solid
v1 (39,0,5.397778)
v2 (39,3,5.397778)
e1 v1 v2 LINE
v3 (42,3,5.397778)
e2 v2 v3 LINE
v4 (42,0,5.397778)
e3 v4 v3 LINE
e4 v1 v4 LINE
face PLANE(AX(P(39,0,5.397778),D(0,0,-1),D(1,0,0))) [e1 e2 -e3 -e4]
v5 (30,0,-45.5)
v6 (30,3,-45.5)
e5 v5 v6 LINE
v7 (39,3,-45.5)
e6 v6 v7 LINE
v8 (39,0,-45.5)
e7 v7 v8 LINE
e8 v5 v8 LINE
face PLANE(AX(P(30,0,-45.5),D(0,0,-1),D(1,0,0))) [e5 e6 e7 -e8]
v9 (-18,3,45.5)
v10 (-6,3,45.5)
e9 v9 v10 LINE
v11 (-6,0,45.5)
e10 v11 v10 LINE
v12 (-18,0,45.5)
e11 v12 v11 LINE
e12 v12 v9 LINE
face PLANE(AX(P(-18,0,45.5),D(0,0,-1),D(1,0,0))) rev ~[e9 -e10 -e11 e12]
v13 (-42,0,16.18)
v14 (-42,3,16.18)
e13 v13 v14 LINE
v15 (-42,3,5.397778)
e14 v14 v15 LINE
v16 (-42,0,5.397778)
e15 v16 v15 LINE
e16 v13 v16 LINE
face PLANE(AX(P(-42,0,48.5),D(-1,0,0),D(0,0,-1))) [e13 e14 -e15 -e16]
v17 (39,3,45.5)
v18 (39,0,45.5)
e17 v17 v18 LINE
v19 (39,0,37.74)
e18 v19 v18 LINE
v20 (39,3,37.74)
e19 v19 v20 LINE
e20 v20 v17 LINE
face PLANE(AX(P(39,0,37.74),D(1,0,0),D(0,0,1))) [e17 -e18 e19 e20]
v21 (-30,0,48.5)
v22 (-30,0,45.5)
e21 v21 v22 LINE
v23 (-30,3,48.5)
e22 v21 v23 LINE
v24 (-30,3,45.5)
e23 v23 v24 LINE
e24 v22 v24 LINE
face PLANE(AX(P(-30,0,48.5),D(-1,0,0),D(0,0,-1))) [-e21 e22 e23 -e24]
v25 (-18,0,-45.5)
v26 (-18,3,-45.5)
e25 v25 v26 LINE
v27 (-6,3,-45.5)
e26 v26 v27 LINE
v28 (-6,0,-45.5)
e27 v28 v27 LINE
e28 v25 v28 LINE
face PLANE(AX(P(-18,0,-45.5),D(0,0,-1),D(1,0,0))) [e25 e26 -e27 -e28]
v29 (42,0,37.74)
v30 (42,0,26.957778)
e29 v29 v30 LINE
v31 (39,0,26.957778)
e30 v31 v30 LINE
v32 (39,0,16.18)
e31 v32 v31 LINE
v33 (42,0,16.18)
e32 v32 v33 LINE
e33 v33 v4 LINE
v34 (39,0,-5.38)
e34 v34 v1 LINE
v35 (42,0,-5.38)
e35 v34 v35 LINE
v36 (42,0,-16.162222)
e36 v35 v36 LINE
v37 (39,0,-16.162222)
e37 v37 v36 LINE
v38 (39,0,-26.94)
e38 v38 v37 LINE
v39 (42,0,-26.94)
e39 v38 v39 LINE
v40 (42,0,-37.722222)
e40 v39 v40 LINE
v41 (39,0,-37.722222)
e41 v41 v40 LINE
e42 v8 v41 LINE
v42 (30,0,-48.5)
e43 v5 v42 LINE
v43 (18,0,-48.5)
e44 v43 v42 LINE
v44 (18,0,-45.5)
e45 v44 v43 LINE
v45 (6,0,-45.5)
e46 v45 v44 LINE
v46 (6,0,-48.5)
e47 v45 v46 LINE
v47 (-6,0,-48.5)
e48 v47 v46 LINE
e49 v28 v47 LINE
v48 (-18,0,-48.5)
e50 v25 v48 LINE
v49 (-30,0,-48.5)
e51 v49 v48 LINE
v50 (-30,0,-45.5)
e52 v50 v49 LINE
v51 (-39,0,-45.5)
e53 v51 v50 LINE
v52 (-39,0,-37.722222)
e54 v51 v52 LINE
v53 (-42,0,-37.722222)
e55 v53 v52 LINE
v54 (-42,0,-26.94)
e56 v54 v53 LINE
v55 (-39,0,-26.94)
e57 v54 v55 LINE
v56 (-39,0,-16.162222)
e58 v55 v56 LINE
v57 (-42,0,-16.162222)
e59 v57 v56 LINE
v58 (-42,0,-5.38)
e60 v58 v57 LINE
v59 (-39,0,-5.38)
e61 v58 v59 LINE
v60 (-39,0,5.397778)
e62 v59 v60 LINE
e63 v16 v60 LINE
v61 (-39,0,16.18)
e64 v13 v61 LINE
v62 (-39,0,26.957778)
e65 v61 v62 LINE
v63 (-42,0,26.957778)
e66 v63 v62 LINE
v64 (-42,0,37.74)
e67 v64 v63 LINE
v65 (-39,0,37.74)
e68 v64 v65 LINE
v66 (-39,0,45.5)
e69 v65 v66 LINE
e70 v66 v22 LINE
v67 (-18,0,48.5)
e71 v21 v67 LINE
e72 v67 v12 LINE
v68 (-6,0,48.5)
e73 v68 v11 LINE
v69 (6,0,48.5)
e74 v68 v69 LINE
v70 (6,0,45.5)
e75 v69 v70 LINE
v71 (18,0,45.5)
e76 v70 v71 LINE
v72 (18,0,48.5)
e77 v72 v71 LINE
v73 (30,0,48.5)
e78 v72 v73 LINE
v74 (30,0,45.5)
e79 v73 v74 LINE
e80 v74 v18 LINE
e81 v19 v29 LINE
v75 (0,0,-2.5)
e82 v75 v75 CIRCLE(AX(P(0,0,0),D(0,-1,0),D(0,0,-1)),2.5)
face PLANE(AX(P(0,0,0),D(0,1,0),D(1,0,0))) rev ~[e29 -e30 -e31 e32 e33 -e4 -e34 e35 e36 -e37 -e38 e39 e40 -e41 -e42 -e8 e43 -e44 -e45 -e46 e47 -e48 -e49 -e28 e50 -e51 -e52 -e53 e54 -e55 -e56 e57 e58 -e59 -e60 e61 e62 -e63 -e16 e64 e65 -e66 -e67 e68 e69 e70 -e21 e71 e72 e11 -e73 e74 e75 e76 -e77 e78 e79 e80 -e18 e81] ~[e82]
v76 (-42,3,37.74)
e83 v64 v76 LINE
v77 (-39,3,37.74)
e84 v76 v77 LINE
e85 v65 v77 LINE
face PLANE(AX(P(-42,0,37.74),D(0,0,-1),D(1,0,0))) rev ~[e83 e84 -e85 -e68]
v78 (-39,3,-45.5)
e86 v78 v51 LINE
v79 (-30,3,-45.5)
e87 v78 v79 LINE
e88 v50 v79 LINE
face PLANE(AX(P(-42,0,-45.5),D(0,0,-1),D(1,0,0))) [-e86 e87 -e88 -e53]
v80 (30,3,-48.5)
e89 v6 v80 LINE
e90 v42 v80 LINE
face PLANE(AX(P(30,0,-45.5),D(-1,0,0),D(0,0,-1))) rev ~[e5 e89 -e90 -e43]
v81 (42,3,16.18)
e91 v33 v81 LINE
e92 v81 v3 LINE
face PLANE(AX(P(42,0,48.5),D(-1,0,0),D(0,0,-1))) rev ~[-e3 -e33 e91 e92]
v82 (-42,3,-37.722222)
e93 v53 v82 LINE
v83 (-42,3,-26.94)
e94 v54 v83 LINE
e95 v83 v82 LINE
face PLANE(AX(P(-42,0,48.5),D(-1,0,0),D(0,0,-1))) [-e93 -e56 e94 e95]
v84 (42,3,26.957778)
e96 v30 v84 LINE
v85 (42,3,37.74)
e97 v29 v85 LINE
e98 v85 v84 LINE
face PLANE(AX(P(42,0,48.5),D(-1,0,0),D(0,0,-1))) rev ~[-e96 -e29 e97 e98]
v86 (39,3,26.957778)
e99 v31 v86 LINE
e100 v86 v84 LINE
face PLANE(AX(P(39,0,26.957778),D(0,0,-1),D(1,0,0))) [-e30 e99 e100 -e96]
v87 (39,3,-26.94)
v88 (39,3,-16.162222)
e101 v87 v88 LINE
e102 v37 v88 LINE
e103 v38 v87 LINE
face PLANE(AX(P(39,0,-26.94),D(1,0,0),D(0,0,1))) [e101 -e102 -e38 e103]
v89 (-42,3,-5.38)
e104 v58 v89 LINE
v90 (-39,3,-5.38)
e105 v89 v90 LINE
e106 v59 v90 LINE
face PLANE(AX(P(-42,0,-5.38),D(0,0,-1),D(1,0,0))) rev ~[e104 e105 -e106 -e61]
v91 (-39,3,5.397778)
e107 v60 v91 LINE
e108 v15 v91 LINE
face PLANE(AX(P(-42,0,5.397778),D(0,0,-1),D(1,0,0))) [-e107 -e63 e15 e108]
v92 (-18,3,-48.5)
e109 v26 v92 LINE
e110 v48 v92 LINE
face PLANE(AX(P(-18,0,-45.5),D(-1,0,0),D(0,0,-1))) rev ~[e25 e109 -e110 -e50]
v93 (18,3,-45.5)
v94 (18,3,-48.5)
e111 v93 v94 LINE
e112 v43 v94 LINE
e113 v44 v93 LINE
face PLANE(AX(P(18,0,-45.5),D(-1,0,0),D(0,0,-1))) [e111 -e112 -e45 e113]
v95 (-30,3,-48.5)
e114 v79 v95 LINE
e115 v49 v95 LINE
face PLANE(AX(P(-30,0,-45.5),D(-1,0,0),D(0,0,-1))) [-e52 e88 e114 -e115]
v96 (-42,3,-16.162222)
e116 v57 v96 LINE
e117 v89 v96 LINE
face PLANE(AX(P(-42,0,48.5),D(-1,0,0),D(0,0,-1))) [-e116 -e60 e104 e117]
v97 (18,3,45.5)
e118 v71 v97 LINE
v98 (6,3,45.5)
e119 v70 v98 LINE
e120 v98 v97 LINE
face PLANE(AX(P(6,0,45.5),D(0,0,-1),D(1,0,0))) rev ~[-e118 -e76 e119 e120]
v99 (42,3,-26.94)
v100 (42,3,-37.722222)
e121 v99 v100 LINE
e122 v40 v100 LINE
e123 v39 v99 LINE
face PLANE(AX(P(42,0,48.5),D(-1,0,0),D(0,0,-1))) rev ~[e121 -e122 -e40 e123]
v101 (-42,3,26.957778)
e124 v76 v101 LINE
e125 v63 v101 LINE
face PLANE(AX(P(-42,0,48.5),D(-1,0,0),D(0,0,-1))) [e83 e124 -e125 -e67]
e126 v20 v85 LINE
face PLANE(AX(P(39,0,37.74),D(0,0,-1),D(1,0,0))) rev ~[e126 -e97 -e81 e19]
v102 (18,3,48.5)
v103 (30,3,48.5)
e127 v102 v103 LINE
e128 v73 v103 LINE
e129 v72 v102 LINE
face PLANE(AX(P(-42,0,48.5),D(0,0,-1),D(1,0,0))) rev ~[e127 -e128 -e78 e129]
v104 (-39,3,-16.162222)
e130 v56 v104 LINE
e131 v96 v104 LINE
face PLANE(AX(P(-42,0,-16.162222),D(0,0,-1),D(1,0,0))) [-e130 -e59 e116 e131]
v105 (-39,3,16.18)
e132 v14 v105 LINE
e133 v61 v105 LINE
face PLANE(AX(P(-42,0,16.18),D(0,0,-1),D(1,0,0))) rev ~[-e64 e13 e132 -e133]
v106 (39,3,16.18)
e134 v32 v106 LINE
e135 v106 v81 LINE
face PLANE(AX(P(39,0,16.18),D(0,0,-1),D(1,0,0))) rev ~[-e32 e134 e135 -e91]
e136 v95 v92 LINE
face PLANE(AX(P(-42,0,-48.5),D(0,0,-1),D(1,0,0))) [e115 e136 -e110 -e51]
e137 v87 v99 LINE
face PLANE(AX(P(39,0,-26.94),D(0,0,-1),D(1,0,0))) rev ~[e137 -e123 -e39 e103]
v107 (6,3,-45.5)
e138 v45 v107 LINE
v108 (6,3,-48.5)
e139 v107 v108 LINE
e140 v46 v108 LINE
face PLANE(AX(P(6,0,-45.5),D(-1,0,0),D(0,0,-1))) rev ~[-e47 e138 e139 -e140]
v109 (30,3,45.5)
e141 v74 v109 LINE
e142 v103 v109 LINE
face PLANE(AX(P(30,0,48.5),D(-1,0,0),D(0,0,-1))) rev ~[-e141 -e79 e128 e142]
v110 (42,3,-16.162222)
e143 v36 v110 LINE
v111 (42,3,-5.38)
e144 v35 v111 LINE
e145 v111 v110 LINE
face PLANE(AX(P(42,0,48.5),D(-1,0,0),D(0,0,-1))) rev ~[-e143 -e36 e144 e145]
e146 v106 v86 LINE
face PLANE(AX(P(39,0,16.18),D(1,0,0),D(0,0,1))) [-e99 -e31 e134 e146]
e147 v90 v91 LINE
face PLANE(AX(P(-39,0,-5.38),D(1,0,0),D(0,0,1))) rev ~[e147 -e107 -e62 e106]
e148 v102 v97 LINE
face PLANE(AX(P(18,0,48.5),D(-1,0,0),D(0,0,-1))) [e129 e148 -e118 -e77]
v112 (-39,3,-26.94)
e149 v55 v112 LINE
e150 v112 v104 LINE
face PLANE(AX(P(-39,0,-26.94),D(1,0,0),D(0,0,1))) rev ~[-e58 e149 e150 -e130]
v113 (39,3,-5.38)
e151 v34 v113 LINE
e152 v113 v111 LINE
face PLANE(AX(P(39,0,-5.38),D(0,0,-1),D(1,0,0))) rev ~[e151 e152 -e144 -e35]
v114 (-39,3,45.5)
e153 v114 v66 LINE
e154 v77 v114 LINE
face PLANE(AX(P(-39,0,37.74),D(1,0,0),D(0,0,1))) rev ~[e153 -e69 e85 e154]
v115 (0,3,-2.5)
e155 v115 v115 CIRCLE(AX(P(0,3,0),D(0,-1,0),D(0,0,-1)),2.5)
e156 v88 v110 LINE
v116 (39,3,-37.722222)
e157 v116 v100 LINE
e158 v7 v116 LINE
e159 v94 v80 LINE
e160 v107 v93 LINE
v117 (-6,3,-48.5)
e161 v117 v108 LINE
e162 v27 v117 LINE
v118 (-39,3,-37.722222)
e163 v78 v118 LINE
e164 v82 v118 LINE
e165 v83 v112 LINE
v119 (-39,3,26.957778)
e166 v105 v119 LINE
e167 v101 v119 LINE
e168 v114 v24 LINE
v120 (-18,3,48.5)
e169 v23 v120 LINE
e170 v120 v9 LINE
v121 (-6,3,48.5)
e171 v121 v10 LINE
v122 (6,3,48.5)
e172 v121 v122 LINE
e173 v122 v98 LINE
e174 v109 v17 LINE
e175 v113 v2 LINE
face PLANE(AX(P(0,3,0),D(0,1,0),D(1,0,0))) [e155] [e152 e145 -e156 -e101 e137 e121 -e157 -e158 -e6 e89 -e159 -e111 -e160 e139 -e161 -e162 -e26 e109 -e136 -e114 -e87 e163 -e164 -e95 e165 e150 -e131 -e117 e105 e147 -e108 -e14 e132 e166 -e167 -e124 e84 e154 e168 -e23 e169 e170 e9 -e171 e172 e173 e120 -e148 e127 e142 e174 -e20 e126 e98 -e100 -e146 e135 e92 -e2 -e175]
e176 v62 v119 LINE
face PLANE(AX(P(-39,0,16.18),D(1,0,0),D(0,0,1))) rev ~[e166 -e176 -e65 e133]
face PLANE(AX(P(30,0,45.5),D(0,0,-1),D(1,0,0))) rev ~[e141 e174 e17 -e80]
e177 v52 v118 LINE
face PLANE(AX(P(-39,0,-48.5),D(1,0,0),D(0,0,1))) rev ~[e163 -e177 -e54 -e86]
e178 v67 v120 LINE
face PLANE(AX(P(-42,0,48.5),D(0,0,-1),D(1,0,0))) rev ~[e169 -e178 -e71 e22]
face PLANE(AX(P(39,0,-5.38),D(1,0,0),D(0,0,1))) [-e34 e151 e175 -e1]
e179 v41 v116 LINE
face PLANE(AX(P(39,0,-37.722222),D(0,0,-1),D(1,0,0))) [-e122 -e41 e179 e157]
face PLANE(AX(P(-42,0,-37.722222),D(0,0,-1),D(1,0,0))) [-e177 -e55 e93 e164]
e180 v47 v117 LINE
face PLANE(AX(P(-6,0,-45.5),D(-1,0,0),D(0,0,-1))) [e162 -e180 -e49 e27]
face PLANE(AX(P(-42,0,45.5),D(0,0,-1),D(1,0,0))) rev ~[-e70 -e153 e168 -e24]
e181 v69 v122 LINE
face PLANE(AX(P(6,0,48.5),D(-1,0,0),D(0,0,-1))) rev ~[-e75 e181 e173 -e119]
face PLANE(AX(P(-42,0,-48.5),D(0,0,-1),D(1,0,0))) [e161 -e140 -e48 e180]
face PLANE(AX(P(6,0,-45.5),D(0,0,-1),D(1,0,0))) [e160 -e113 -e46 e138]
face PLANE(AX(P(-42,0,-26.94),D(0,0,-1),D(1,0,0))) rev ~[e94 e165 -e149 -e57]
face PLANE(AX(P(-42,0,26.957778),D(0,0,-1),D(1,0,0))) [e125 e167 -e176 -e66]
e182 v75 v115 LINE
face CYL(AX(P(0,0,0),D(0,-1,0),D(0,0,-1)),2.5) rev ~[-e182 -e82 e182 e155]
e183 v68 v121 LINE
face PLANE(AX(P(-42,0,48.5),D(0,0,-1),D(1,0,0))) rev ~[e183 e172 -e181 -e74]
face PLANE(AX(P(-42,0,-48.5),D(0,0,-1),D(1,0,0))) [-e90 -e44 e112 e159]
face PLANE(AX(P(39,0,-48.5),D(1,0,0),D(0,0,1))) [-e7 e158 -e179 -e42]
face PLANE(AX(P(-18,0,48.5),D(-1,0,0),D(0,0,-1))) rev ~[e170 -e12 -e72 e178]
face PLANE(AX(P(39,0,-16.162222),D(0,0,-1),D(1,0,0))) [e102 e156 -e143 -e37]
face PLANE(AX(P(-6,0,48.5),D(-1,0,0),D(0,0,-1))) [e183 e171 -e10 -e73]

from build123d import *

# Parameters (mm, degrees)
ESBO_O1_W                = 84
ESBO_O1_H                = 97
RESSALTO_EXTRUS_O1_DEPTH = 3
ESBO_O2_W                = 3
ESBO_O2_H                = 10.777777778
CORTE_EXTRUS_O4_DEPTH    = 3
CORTE_EXTRUS_O9_REACH    = 66.228
ESBO_O5_W                = 12
ESBO_O5_H                = 3
CORTE_EXTRUS_O10_REACH   = 66.228
ESBO_O6_R                = 2.5


with BuildPart() as part:
    # Esboço1 → Ressalto-extrusão1 (new body)
    with BuildSketch(Plane(origin=(0, 0, 0), x_dir=(1, 0, 0), z_dir=(0, 1, 0))):
        Rectangle(ESBO_O1_W, ESBO_O1_H)
    extrude(amount=RESSALTO_EXTRUS_O1_DEPTH)

    # Esboço2 → Corte-extrusão4 (cut)
    with BuildSketch(Plane.XZ):
        with Locations((-40.5, -43.111111111)):
            Rectangle(ESBO_O2_W, ESBO_O2_H)
        with Locations((40.5, -43.111111111)):
            Rectangle(ESBO_O2_W, ESBO_O2_H)
        with Locations((40.5, -21.551111111)):
            Rectangle(ESBO_O2_W, ESBO_O2_H)
        with Locations((40.5, 0.008888889)):
            Rectangle(ESBO_O2_W, ESBO_O2_H)
        with Locations((40.5, 21.568888889)):
            Rectangle(ESBO_O2_W, ESBO_O2_H)
        with Locations((40.5, 43.128888889)):
            Rectangle(ESBO_O2_W, ESBO_O2_H)
        with Locations((-40.5, -21.551111111)):
            Rectangle(ESBO_O2_W, ESBO_O2_H)
        with Locations((-40.5, 0.008888889)):
            Rectangle(ESBO_O2_W, ESBO_O2_H)
        with Locations((-40.5, 21.568888889)):
            Rectangle(ESBO_O2_W, ESBO_O2_H)
        with Locations((-40.5, 43.128888889)):
            Rectangle(ESBO_O2_W, ESBO_O2_H)
    extrude(amount=-CORTE_EXTRUS_O4_DEPTH, mode=Mode.SUBTRACT)

    # Esboço5 → Corte-extrusão9 (cut, up to next)
    with BuildSketch(Plane(origin=(0, 0, 0), x_dir=(1, 0, 0), z_dir=(0, 1, 0)), mode=Mode.PRIVATE) as corte_extrus_o9_sk1:
        with Locations((-36, 47)):
            Rectangle(ESBO_O5_W, ESBO_O5_H)
    corte_extrus_o9_tool1 = extrude(corte_extrus_o9_sk1.sketch, amount=CORTE_EXTRUS_O9_REACH, mode=Mode.PRIVATE) & part.part
    # Esboço5 → Corte-extrusão9 (cut, up to next)
    with BuildSketch(Plane(origin=(0, 0, 0), x_dir=(1, 0, 0), z_dir=(0, 1, 0)), mode=Mode.PRIVATE) as corte_extrus_o9_sk2:
        with Locations((-36, -47)):
            Rectangle(ESBO_O5_W, ESBO_O5_H)
    corte_extrus_o9_tool2 = extrude(corte_extrus_o9_sk2.sketch, amount=CORTE_EXTRUS_O9_REACH, mode=Mode.PRIVATE) & part.part
    # Esboço5 → Corte-extrusão9 (cut, up to next)
    with BuildSketch(Plane(origin=(0, 0, 0), x_dir=(1, 0, 0), z_dir=(0, 1, 0)), mode=Mode.PRIVATE) as corte_extrus_o9_sk3:
        with Locations((36, -47)):
            Rectangle(ESBO_O5_W, ESBO_O5_H)
    corte_extrus_o9_tool3 = extrude(corte_extrus_o9_sk3.sketch, amount=CORTE_EXTRUS_O9_REACH, mode=Mode.PRIVATE) & part.part
    # Esboço5 → Corte-extrusão9 (cut, up to next)
    with BuildSketch(Plane(origin=(0, 0, 0), x_dir=(1, 0, 0), z_dir=(0, 1, 0)), mode=Mode.PRIVATE) as corte_extrus_o9_sk4:
        with Locations((36, 47)):
            Rectangle(ESBO_O5_W, ESBO_O5_H)
    corte_extrus_o9_tool4 = extrude(corte_extrus_o9_sk4.sketch, amount=CORTE_EXTRUS_O9_REACH, mode=Mode.PRIVATE) & part.part
    # Esboço5 → Corte-extrusão9 (cut, up to next)
    with BuildSketch(Plane(origin=(0, 0, 0), x_dir=(1, 0, 0), z_dir=(0, 1, 0)), mode=Mode.PRIVATE) as corte_extrus_o9_sk5:
        with Locations((-12, -47)):
            Rectangle(ESBO_O5_W, ESBO_O5_H)
    corte_extrus_o9_tool5 = extrude(corte_extrus_o9_sk5.sketch, amount=CORTE_EXTRUS_O9_REACH, mode=Mode.PRIVATE) & part.part
    # Esboço5 → Corte-extrusão9 (cut, up to next)
    with BuildSketch(Plane(origin=(0, 0, 0), x_dir=(1, 0, 0), z_dir=(0, 1, 0)), mode=Mode.PRIVATE) as corte_extrus_o9_sk6:
        with Locations((12, -47)):
            Rectangle(ESBO_O5_W, ESBO_O5_H)
    corte_extrus_o9_tool6 = extrude(corte_extrus_o9_sk6.sketch, amount=CORTE_EXTRUS_O9_REACH, mode=Mode.PRIVATE) & part.part
    # Esboço5 → Corte-extrusão9 (cut, up to next)
    with BuildSketch(Plane(origin=(0, 0, 0), x_dir=(1, 0, 0), z_dir=(0, 1, 0)), mode=Mode.PRIVATE) as corte_extrus_o9_sk7:
        with Locations((-12, 47)):
            Rectangle(ESBO_O5_W, ESBO_O5_H)
    corte_extrus_o9_tool7 = extrude(corte_extrus_o9_sk7.sketch, amount=CORTE_EXTRUS_O9_REACH, mode=Mode.PRIVATE) & part.part
    # Esboço5 → Corte-extrusão9 (cut, up to next)
    with BuildSketch(Plane(origin=(0, 0, 0), x_dir=(1, 0, 0), z_dir=(0, 1, 0)), mode=Mode.PRIVATE) as corte_extrus_o9_sk8:
        with Locations((12, 47)):
            Rectangle(ESBO_O5_W, ESBO_O5_H)
    corte_extrus_o9_tool8 = extrude(corte_extrus_o9_sk8.sketch, amount=CORTE_EXTRUS_O9_REACH, mode=Mode.PRIVATE) & part.part
    add(corte_extrus_o9_tool1.solids().sort_by_distance((-36, 0, -47))[0], mode=Mode.SUBTRACT)
    add(corte_extrus_o9_tool2.solids().sort_by_distance((-36, 0, 47))[0], mode=Mode.SUBTRACT)
    add(corte_extrus_o9_tool3.solids().sort_by_distance((36, 0, 47))[0], mode=Mode.SUBTRACT)
    add(corte_extrus_o9_tool4.solids().sort_by_distance((36, 0, -47))[0], mode=Mode.SUBTRACT)
    add(corte_extrus_o9_tool5.solids().sort_by_distance((-12, 0, 47))[0], mode=Mode.SUBTRACT)
    add(corte_extrus_o9_tool6.solids().sort_by_distance((12, 0, 47))[0], mode=Mode.SUBTRACT)
    add(corte_extrus_o9_tool7.solids().sort_by_distance((-12, 0, -47))[0], mode=Mode.SUBTRACT)
    add(corte_extrus_o9_tool8.solids().sort_by_distance((12, 0, -47))[0], mode=Mode.SUBTRACT)

    # Esboço6 → Corte-extrusão10 (cut, up to next)
    with BuildSketch(Plane.XZ, mode=Mode.PRIVATE) as corte_extrus_o10_sk1:
        with Locations(Location((0, 0, 0), (0, 0, 270))):
            Circle(ESBO_O6_R)
    corte_extrus_o10_tool1 = extrude(corte_extrus_o10_sk1.sketch, amount=-CORTE_EXTRUS_O10_REACH, mode=Mode.PRIVATE) & part.part
    add(corte_extrus_o10_tool1.solids().sort_by_distance((0, 0, 0))[0], mode=Mode.SUBTRACT)


solid = part.part
